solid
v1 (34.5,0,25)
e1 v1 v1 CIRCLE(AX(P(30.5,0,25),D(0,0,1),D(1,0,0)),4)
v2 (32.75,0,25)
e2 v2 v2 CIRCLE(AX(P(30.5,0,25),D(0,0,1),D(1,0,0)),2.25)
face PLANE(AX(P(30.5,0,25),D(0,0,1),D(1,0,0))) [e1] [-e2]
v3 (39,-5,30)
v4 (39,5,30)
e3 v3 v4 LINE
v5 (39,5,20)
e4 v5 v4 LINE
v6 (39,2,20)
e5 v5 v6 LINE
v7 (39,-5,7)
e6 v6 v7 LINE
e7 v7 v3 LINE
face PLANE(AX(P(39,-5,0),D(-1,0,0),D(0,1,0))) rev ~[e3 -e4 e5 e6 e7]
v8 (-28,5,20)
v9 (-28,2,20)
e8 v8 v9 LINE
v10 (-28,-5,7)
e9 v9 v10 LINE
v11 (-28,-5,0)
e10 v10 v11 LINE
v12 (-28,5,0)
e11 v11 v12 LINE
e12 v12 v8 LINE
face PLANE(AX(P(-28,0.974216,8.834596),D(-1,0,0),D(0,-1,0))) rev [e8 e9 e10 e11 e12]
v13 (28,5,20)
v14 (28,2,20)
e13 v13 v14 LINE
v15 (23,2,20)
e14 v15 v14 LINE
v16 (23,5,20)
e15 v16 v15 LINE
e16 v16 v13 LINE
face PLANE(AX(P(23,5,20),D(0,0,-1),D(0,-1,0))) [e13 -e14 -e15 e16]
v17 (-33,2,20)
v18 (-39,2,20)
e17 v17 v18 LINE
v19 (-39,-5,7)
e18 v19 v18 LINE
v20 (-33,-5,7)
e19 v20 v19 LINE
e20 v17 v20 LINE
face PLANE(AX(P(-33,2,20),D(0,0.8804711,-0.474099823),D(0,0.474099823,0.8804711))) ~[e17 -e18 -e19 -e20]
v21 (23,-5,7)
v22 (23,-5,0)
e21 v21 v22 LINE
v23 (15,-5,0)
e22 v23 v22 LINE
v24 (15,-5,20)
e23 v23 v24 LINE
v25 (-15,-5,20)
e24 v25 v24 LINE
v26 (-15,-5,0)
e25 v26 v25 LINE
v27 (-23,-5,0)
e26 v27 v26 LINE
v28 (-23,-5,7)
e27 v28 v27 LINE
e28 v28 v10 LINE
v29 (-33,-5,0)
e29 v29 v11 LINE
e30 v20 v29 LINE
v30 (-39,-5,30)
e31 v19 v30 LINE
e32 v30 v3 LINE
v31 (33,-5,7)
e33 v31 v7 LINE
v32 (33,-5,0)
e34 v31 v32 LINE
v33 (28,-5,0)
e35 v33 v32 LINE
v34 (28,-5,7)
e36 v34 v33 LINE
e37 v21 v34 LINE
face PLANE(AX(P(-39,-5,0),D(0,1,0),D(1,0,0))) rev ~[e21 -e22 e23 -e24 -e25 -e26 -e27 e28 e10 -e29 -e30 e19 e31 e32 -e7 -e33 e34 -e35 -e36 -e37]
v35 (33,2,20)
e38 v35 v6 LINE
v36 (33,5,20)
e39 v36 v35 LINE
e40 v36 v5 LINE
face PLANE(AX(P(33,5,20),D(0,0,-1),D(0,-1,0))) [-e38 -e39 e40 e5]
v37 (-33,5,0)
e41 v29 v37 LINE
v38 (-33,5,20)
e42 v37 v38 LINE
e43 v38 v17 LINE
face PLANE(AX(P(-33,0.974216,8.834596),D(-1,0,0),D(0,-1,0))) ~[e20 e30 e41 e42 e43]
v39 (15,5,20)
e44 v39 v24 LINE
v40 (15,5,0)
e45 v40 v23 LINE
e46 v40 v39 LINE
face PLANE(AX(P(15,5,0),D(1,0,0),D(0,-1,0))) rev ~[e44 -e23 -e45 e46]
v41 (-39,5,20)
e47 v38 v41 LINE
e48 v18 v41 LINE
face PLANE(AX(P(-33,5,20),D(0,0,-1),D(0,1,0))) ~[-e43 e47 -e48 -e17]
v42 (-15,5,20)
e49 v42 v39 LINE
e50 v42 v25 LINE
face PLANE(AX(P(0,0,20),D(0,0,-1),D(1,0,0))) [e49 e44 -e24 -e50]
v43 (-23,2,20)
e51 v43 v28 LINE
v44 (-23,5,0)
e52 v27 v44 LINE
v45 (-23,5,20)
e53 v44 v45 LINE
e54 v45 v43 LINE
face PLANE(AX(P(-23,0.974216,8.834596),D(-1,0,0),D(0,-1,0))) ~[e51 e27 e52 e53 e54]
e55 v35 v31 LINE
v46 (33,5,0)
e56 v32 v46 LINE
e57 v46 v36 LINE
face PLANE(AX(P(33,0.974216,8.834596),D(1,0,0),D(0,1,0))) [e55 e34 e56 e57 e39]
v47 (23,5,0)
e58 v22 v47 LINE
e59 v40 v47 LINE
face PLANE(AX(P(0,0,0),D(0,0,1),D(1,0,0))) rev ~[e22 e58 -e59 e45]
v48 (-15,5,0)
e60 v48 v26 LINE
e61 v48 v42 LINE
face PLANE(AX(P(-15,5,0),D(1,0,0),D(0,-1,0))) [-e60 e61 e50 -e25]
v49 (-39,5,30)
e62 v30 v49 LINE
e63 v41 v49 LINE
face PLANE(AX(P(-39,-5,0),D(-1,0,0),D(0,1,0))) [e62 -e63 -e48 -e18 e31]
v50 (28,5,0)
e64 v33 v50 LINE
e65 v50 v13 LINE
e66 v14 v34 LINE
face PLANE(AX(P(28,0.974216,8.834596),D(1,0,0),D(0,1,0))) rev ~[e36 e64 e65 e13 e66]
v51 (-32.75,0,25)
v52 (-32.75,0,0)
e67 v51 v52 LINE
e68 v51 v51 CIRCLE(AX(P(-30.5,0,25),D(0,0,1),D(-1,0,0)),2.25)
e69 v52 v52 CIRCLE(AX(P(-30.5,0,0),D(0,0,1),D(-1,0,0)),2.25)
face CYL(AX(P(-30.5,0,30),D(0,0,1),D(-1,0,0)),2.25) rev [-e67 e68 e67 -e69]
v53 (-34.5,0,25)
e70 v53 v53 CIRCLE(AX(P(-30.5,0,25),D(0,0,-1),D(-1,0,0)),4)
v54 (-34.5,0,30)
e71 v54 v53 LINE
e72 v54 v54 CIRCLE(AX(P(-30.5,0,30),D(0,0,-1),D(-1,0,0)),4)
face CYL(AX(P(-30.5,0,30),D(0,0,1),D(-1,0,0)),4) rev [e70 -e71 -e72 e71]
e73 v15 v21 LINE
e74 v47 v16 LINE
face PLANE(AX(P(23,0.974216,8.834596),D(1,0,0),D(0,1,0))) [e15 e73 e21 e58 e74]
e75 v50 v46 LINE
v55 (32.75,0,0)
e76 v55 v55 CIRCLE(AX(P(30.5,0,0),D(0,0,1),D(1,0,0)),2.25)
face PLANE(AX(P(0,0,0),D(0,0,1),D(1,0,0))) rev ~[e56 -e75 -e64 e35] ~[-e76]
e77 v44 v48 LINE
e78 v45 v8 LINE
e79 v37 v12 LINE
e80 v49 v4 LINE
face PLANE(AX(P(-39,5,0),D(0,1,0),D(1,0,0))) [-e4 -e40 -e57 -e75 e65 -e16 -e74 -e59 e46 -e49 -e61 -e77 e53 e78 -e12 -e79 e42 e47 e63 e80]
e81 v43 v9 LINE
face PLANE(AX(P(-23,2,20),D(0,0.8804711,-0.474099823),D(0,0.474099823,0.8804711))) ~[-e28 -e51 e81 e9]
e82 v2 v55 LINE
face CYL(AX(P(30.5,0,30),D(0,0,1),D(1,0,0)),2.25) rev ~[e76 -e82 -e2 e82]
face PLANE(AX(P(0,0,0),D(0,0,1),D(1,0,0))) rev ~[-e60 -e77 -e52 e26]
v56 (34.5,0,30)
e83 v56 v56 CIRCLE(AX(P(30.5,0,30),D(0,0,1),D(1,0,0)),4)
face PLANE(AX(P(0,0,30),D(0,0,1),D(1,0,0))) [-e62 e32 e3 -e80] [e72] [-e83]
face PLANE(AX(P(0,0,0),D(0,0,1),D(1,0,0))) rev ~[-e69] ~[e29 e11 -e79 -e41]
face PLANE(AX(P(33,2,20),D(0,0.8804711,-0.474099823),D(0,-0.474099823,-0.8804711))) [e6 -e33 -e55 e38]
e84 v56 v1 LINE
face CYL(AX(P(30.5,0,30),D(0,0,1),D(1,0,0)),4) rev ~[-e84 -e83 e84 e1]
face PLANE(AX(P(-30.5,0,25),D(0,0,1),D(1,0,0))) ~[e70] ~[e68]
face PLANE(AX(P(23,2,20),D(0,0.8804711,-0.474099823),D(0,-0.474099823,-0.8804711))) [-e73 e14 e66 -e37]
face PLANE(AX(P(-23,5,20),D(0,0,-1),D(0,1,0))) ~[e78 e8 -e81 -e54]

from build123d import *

# Parameters (mm, degrees)
SKETCH_W        = 78
SKETCH_H        = 10
PAD_DEPTH       = 30
POCKET_DEPTH    = 5
POCKET001_DEPTH = 174.334003
SKETCH003_R     = 2.25
POCKET002_DEPTH = 198.334003
SKETCH004_R     = 4
POCKET003_DEPTH = 5
SKETCH005_W     = 30
SKETCH005_H     = 10
POCKET004_DEPTH = 20


with BuildPart() as part:
    # Sketch → Pad (new body)
    with BuildSketch(Plane.XY):
        Rectangle(SKETCH_W, SKETCH_H)
    extrude(amount=PAD_DEPTH)

    # Sketch001 (on DatumPlane) → Pocket (cut)
    with BuildSketch(Plane.YZ.offset(23)):
        Polygon((-5, 0), (5, 0), (5, 20), (2, 20), (-5, 7), align=None)
    pocket = extrude(amount=POCKET_DEPTH, mode=Mode.SUBTRACT)

    # Sketch002 (on DatumPlane) → Pocket001 (cut, through all)
    with BuildSketch(Plane.YZ.offset(33)):
        Polygon((-5, 0), (5, 0), (5, 20), (2, 20), (-5, 7), align=None)
    pocket001 = extrude(amount=POCKET001_DEPTH, mode=Mode.SUBTRACT)

    # Sketch003 (on Face5 of Pocket001) → Pocket002 (cut, through all)
    with BuildSketch(Plane.XY.offset(30)):
        with Locations((30.5, 0)):
            Circle(SKETCH003_R)
    pocket002 = extrude(amount=-POCKET002_DEPTH, mode=Mode.SUBTRACT)

    # Sketch004 (on Face5 of Pocket002) → Pocket003 (cut)
    with BuildSketch(Plane.XY.offset(30)):
        with Locations((30.5, 0)):
            Circle(SKETCH004_R)
    pocket003 = extrude(amount=-POCKET003_DEPTH, mode=Mode.SUBTRACT)

    # Mirrored: Pocket003, Pocket002, Pocket001, Pocket across YZ
    add(pocket003.mirror(Plane.YZ), mode=Mode.SUBTRACT)
    add(pocket002.mirror(Plane.YZ), mode=Mode.SUBTRACT)
    add(pocket001.mirror(Plane.YZ), mode=Mode.SUBTRACT)
    add(pocket.mirror(Plane.YZ), mode=Mode.SUBTRACT)

    # Sketch005 (on Face12 of Mirrored) → Pocket004 (cut)
    with BuildSketch(Plane(origin=(0, 0, 0), x_dir=(1, 0, 0), z_dir=(0, 0, -1))):
        Rectangle(SKETCH005_W, SKETCH005_H)
    extrude(amount=-POCKET004_DEPTH, mode=Mode.SUBTRACT)


solid = part.part
